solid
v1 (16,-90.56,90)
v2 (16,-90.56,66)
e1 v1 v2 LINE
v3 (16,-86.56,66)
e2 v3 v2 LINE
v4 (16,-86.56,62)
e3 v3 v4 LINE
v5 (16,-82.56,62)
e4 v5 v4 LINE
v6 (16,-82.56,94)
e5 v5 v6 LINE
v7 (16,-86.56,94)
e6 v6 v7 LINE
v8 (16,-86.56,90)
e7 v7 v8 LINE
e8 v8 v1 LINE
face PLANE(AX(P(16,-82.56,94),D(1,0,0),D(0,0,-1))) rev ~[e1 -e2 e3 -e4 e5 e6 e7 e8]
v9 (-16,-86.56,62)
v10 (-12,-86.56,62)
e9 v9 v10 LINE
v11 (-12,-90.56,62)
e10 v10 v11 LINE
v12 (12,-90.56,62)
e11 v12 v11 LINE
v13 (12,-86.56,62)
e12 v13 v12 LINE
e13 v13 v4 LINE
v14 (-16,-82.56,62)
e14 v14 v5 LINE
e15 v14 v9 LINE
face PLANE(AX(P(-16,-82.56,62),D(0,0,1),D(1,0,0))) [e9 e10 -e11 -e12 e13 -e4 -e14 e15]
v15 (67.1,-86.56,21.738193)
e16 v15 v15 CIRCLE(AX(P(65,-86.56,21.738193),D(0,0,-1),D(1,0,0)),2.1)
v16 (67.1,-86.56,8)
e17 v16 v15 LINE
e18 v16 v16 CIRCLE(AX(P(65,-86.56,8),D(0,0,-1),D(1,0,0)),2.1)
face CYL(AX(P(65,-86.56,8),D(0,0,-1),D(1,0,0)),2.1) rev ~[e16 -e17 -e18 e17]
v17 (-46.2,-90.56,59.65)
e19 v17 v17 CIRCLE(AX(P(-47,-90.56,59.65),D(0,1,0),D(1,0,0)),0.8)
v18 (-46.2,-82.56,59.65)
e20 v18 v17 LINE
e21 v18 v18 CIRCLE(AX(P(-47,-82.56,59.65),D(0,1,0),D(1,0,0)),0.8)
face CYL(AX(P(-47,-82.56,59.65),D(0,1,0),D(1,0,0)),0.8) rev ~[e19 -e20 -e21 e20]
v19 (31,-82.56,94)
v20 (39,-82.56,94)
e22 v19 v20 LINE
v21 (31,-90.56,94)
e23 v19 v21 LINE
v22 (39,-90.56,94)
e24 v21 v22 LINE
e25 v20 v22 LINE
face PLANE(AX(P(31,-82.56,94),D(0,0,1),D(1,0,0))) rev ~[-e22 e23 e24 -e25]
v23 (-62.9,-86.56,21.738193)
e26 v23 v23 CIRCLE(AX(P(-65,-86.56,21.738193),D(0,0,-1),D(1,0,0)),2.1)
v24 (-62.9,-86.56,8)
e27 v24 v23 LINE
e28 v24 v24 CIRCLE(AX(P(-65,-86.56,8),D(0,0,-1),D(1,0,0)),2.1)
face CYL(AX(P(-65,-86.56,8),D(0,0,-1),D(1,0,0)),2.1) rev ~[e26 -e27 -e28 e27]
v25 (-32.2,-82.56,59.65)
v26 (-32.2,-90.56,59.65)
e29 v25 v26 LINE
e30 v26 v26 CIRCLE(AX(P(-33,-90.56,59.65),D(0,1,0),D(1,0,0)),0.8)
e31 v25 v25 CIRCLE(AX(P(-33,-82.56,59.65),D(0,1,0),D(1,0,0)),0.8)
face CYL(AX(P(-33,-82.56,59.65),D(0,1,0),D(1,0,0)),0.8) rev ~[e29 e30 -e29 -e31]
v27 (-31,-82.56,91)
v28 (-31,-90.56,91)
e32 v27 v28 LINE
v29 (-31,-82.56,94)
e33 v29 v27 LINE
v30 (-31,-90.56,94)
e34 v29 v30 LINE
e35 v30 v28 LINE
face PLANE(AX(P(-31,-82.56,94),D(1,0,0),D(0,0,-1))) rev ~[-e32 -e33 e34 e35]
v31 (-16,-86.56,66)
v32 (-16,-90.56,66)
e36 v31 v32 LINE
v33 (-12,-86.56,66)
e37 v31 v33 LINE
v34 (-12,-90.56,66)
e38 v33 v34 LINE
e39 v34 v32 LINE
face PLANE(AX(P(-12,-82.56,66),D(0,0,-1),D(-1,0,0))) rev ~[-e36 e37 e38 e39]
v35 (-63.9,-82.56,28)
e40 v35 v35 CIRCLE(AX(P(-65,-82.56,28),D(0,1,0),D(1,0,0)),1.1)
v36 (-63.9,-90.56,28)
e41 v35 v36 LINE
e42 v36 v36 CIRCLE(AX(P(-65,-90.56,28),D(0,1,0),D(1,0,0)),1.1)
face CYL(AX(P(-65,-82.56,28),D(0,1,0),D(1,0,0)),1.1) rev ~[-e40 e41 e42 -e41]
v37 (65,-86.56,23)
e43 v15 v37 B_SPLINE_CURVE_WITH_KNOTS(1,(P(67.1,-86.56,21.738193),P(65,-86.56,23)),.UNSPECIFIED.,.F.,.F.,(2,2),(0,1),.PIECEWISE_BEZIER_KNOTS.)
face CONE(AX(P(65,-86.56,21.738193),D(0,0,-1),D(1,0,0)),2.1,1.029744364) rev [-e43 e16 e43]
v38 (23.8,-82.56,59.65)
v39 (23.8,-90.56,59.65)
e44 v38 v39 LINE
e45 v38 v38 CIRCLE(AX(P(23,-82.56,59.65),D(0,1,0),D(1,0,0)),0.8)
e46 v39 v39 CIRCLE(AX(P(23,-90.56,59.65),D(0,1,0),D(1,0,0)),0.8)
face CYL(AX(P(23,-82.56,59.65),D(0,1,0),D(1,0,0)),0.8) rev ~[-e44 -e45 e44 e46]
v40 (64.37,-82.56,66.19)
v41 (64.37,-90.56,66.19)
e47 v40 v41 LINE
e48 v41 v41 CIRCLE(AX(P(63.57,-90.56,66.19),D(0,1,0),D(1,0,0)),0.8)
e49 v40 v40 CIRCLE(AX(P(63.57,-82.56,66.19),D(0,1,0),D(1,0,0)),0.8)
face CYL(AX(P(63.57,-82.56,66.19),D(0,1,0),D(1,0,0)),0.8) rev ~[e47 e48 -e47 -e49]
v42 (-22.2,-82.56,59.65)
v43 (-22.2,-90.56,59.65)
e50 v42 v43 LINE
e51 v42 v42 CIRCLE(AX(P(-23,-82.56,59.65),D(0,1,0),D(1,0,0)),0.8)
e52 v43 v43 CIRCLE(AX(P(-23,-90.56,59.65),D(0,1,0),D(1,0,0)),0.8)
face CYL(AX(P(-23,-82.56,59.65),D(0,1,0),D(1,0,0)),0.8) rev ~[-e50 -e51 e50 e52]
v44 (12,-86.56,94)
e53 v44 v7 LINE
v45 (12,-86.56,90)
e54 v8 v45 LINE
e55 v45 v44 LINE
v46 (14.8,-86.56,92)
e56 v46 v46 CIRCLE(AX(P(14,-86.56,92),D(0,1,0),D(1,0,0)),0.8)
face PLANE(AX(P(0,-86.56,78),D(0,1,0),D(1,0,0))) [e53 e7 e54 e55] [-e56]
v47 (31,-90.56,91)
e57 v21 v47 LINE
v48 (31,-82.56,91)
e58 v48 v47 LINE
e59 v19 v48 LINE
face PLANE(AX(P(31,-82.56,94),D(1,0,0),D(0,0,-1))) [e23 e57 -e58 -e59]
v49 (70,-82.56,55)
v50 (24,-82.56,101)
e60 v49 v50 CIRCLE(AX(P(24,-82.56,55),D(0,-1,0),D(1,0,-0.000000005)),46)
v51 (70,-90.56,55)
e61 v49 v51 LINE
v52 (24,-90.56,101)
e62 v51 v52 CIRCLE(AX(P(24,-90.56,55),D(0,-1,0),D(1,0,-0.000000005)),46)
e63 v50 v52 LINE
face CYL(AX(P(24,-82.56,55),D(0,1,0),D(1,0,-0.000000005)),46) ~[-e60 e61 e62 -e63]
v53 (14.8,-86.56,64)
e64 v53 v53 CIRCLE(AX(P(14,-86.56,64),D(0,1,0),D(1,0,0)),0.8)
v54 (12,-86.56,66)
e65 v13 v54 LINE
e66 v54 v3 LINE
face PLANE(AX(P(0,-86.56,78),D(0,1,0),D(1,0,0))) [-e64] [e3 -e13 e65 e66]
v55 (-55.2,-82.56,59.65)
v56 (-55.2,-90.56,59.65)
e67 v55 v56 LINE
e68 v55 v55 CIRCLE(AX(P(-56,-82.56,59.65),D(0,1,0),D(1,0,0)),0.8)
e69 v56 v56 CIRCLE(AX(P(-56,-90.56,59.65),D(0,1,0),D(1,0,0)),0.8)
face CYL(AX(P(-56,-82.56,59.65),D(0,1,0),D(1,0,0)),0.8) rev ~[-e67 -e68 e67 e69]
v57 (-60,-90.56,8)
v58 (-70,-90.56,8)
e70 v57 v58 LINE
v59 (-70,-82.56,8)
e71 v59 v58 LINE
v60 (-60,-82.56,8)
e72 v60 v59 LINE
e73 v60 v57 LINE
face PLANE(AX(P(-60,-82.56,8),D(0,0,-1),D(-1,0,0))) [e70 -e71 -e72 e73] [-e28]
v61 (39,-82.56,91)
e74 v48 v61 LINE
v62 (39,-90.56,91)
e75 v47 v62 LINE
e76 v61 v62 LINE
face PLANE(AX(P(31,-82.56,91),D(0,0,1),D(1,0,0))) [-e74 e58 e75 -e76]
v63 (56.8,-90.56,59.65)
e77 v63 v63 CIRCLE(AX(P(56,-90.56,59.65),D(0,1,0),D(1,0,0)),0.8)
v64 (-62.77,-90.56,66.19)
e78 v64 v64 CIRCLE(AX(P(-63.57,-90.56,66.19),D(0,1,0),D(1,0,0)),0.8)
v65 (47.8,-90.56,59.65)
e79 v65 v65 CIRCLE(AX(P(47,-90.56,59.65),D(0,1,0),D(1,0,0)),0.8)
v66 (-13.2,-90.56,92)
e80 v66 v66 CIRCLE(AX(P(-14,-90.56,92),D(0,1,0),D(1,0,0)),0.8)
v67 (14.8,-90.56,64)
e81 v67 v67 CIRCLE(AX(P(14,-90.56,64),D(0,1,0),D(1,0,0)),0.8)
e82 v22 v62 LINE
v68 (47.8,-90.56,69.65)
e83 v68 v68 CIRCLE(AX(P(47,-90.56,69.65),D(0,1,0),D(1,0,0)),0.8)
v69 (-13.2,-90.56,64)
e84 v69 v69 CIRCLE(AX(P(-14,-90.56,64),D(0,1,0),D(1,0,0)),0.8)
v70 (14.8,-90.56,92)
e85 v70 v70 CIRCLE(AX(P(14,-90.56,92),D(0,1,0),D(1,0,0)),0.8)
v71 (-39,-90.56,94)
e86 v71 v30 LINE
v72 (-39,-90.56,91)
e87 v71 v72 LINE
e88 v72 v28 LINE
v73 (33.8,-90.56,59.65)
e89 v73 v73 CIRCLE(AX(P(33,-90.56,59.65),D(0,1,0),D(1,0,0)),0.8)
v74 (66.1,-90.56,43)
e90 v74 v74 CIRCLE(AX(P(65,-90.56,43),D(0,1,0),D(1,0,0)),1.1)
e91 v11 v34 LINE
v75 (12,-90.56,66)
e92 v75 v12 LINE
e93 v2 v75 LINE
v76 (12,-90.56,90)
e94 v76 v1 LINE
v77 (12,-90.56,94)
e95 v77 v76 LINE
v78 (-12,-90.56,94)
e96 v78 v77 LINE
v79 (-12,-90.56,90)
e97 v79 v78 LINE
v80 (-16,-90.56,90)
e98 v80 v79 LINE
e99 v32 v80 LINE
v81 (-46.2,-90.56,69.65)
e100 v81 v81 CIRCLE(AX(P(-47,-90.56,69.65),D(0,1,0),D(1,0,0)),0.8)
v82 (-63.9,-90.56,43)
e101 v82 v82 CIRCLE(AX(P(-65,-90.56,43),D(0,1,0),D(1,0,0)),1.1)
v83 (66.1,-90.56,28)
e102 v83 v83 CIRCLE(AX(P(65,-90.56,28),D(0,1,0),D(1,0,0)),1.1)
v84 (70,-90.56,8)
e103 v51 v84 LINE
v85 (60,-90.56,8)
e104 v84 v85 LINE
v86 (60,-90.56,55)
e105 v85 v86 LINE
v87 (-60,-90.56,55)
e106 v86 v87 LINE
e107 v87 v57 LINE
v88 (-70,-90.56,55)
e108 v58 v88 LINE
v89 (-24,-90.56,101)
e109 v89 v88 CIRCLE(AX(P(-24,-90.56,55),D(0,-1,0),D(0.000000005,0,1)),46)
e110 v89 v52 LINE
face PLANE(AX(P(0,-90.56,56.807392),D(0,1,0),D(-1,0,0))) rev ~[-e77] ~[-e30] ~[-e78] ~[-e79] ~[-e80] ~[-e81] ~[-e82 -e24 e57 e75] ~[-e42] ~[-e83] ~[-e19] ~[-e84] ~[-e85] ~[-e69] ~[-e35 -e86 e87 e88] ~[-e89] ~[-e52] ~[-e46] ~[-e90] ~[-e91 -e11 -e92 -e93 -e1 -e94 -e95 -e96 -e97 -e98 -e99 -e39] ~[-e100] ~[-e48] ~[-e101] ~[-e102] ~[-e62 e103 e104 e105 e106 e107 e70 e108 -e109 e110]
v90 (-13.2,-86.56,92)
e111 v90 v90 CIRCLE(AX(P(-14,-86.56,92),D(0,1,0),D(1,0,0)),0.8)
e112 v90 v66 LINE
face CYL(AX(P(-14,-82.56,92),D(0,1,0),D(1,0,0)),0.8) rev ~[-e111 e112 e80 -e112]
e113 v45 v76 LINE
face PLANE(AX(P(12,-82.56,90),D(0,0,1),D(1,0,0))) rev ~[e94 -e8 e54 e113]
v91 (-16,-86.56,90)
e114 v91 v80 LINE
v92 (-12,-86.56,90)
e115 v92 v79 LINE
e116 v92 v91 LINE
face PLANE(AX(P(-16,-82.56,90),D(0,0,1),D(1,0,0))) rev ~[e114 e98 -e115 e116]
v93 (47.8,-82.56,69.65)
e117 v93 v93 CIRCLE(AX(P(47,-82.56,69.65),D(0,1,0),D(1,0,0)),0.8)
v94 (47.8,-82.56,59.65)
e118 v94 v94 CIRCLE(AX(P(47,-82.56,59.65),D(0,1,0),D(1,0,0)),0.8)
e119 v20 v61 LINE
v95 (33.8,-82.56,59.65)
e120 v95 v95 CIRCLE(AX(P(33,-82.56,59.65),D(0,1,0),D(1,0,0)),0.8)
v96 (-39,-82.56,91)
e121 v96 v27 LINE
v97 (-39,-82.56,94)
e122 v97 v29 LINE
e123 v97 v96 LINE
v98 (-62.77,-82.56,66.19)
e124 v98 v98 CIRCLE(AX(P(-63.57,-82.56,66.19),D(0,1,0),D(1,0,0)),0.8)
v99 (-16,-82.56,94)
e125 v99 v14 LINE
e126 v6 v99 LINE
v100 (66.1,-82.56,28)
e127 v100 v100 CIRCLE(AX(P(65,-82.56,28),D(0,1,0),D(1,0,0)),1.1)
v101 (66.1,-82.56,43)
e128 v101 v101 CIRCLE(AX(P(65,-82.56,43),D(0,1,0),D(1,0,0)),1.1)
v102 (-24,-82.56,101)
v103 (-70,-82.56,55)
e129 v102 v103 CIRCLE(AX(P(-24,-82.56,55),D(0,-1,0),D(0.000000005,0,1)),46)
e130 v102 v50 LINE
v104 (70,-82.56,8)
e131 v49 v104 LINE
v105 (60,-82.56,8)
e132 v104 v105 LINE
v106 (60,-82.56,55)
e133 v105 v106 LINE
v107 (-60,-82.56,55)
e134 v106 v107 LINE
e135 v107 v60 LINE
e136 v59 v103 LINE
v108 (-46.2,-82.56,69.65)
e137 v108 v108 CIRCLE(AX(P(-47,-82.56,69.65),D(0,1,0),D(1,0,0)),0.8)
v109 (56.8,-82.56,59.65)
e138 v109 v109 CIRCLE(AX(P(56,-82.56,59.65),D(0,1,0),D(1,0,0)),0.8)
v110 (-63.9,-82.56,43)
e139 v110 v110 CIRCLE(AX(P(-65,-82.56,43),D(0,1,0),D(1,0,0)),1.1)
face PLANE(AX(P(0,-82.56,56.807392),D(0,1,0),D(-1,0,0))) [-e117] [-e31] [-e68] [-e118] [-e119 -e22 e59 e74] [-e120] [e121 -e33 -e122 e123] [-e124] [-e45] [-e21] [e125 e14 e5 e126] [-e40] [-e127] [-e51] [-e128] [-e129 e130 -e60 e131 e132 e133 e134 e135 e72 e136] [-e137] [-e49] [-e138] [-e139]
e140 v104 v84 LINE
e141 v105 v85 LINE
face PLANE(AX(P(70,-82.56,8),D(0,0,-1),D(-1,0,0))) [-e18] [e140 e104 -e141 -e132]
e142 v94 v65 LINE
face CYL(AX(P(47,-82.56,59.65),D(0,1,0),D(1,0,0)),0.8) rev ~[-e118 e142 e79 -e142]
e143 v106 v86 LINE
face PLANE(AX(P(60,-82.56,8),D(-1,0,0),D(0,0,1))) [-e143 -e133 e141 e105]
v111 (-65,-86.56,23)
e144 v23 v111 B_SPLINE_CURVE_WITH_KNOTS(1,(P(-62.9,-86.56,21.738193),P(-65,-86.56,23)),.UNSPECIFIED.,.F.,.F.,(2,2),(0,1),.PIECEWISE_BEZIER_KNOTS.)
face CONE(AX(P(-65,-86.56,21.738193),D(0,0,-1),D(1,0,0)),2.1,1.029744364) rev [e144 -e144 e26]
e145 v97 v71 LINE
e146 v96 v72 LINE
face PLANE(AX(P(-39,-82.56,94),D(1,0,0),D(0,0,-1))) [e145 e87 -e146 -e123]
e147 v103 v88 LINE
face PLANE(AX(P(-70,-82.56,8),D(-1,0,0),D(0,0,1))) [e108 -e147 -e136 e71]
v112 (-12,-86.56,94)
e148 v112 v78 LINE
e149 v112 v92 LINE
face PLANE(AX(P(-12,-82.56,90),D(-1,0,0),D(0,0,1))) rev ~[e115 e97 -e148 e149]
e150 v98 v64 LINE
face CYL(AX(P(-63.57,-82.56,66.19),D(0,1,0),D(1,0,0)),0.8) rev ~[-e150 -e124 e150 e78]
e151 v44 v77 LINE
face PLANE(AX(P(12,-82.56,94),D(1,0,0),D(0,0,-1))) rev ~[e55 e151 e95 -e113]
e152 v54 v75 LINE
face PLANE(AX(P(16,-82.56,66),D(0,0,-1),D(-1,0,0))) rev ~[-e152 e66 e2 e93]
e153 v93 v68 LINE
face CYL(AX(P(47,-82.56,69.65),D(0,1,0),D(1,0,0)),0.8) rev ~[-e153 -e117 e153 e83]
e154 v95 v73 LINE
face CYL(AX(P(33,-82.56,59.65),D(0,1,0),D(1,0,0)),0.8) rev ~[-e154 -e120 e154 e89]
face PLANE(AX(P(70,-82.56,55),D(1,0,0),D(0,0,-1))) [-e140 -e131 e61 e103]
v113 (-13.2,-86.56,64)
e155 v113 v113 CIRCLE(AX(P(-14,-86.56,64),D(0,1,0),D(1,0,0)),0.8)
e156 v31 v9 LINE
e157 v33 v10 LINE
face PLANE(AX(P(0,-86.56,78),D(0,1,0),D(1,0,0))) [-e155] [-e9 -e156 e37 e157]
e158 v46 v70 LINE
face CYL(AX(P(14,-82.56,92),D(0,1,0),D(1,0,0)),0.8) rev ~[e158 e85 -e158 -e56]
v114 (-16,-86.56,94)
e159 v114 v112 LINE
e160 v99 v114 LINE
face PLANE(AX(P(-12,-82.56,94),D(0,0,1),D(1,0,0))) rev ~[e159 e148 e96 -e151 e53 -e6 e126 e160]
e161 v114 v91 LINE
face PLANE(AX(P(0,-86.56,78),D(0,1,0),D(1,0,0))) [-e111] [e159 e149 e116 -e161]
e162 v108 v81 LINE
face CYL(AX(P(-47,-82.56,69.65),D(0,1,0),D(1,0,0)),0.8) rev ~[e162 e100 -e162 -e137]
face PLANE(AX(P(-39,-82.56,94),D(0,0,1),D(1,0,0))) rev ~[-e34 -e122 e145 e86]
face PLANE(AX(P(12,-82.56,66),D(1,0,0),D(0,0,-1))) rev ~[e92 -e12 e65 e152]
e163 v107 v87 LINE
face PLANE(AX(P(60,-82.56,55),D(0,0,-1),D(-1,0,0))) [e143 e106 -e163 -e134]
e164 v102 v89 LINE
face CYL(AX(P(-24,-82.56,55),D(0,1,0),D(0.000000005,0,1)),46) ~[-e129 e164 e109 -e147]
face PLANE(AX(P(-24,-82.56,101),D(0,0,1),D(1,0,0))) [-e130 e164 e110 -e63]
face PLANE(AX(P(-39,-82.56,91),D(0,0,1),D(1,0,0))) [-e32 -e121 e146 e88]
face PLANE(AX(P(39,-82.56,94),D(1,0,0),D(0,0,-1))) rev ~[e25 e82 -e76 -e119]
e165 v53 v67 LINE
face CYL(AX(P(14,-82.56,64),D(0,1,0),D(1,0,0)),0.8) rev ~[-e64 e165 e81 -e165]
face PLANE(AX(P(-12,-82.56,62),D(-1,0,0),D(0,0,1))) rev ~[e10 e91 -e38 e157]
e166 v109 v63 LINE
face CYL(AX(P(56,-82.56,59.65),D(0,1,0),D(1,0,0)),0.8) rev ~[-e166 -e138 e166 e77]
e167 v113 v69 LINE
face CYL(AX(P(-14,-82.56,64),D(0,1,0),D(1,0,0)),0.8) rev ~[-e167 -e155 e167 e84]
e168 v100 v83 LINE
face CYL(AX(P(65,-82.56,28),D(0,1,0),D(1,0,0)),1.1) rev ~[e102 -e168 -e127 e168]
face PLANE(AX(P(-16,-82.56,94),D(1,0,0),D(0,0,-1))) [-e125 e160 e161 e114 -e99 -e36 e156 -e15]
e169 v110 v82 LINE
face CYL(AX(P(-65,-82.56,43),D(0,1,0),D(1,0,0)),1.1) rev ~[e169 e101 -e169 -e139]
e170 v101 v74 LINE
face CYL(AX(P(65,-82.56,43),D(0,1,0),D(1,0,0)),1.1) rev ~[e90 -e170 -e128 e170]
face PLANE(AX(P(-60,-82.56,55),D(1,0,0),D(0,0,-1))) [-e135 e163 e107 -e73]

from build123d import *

# Parameters (mm, degrees)
PAD012_DEPTH    = 8
POCKET_DEPTH    = 8.001
SKETCH049_R     = 2.1
HOLE017_DEPTH   = 13.738193
HOLE017_TIPS_R  = 2.1
SKETCH053_W     = 32
SKETCH053_H     = 32
POCKET016_DEPTH = 4
SKETCH054_R     = 0.8
HOLE020_DEPTH   = 25
SKETCH055_W     = 8
SKETCH055_H     = 3
POCKET017_DEPTH = 8.001
SKETCH056_R     = 0.8
HOLE021_DEPTH   = 25
SKETCH058_R     = 1.1
HOLE022_DEPTH   = 25


with BuildPart() as part:
    # Sketch045 → Pad012 (new body)
    with BuildSketch(Plane.XZ):
        with BuildLine():
            Line((-70, 0), (-70, 47))
            ThreePointArc((-24, 93), (-56.526912, 79.526912), (-70, 47))
            Line((-24, 93), (24, 93))
            ThreePointArc((70, 47), (56.526912, 79.526912), (24, 93))
            Line((70, 47), (70, 0))
            Line((70, 0), (60, 0))
            Line((60, 0), (60, 47))
            Line((60, 47), (-60, 47))
            Line((-60, 47), (-60, 0))
            Line((-60, 0), (-70, 0))
        make_face()
    extrude(amount=PAD012_DEPTH)

    # Sketch046 → Pocket (cut, through all)
    with BuildSketch(Plane.XZ):
        Polygon((-12, 82), (-12, 86), (12, 86), (12, 82), (16, 82), (16, 58), (12, 58), (12, 54), (-12, 54), (-12, 58), (-16, 58), (-16, 82), align=None)
    extrude(amount=POCKET_DEPTH, mode=Mode.SUBTRACT)

    # Sketch049 → Hole017 (cut)
    with BuildSketch(Plane(origin=(0, 0, 0), x_dir=(1, 0, 0), z_dir=(0, 0, -1))):
        with Locations((-65, 4)):
            Circle(SKETCH049_R)
        with Locations((65, 4)):
            Circle(SKETCH049_R)
    extrude(amount=-HOLE017_DEPTH, mode=Mode.SUBTRACT)

    # Hole017 tips → Hole017 tip 1 section 0
    with BuildSketch(Plane(origin=(0, 0, 13.738193), x_dir=(1, 0, 0), z_dir=(0, 0, -1)), mode=Mode.PRIVATE) as hole017_tip_1_s0:
        with Locations((-65, 4)):
            Circle(HOLE017_TIPS_R)
    loft([hole017_tip_1_s0.sketch, Vertex(-65, -4, 15)], mode=Mode.SUBTRACT)

    # Hole017 tips → Hole017 tip 2 section 0
    with BuildSketch(Plane(origin=(0, 0, 13.738193), x_dir=(1, 0, 0), z_dir=(0, 0, -1)), mode=Mode.PRIVATE) as hole017_tip_2_s0:
        with Locations((65, 4)):
            Circle(HOLE017_TIPS_R)
    loft([hole017_tip_2_s0.sketch, Vertex(65, -4, 15)], mode=Mode.SUBTRACT)

    # Sketch053 (on Face4 of Hole017) → Pocket016 (cut)
    with BuildSketch(Plane(origin=(0, 0, 0), x_dir=(1, 0, 0), z_dir=(0, 1, 0))):
        with Locations((0, -70)):
            Rectangle(SKETCH053_W, SKETCH053_H)
    extrude(amount=-POCKET016_DEPTH, mode=Mode.SUBTRACT)

    # Sketch054 (on Face4 of Pocket016) → Hole020 (cut)
    with BuildSketch(Plane(origin=(0, 0, 0), x_dir=(1, 0, 0), z_dir=(0, 1, 0))):
        with Locations((-14, -84)):
            Circle(SKETCH054_R)
        with Locations((14, -84)):
            Circle(SKETCH054_R)
        with Locations((-14, -56)):
            Circle(SKETCH054_R)
        with Locations((14, -56)):
            Circle(SKETCH054_R)
    extrude(amount=-HOLE020_DEPTH, mode=Mode.SUBTRACT)

    # Sketch055 (on Face4 of Hole020) → Pocket017 (cut, through all)
    with BuildSketch(Plane(origin=(0, 0, 0), x_dir=(1, 0, 0), z_dir=(0, 1, 0))):
        with Locations((-35, -84.5)):
            Rectangle(SKETCH055_W, SKETCH055_H)
        with Locations((35, -84.5)):
            Rectangle(SKETCH055_W, SKETCH055_H)
    extrude(amount=-POCKET017_DEPTH, mode=Mode.SUBTRACT)

    # Sketch056 (on Face4 of Pocket017) → Hole021 (cut)
    with BuildSketch(Plane(origin=(0, 0, 0), x_dir=(1, 0, 0), z_dir=(0, 1, 0))):
        with Locations((-33, -51.65)):
            Circle(SKETCH056_R)
        with Locations((-23, -51.65)):
            Circle(SKETCH056_R)
        with Locations((23, -51.65)):
            Circle(SKETCH056_R)
        with Locations((33, -51.65)):
            Circle(SKETCH056_R)
        with Locations((-47, -51.65)):
            Circle(SKETCH056_R)
        with Locations((-47, -61.65)):
            Circle(SKETCH056_R)
        with Locations((47, -51.65)):
            Circle(SKETCH056_R)
        with Locations((47, -61.65)):
            Circle(SKETCH056_R)
        with Locations((-63.57, -58.19)):
            Circle(SKETCH056_R)
        with Locations((-56, -51.65)):
            Circle(SKETCH056_R)
        with Locations((56, -51.65)):
            Circle(SKETCH056_R)
        with Locations((63.57, -58.19)):
            Circle(SKETCH056_R)
    extrude(amount=-HOLE021_DEPTH, mode=Mode.SUBTRACT)

    # Sketch058 (on Face4 of Hole021) → Hole022 (cut)
    with BuildSketch(Plane(origin=(0, 0, 0), x_dir=(1, 0, 0), z_dir=(0, 1, 0))):
        with Locations((65, -35)):
            Circle(SKETCH058_R)
        with Locations((65, -20)):
            Circle(SKETCH058_R)
        with Locations((-65, -35)):
            Circle(SKETCH058_R)
        with Locations((-65, -20)):
            Circle(SKETCH058_R)
    extrude(amount=-HOLE022_DEPTH, mode=Mode.SUBTRACT)


with BuildPart() as part_1:
    # Body006021005 placement: moved
    add(part.part.moved(Location((0, -82.56, 8))))


solid = part_1.part
